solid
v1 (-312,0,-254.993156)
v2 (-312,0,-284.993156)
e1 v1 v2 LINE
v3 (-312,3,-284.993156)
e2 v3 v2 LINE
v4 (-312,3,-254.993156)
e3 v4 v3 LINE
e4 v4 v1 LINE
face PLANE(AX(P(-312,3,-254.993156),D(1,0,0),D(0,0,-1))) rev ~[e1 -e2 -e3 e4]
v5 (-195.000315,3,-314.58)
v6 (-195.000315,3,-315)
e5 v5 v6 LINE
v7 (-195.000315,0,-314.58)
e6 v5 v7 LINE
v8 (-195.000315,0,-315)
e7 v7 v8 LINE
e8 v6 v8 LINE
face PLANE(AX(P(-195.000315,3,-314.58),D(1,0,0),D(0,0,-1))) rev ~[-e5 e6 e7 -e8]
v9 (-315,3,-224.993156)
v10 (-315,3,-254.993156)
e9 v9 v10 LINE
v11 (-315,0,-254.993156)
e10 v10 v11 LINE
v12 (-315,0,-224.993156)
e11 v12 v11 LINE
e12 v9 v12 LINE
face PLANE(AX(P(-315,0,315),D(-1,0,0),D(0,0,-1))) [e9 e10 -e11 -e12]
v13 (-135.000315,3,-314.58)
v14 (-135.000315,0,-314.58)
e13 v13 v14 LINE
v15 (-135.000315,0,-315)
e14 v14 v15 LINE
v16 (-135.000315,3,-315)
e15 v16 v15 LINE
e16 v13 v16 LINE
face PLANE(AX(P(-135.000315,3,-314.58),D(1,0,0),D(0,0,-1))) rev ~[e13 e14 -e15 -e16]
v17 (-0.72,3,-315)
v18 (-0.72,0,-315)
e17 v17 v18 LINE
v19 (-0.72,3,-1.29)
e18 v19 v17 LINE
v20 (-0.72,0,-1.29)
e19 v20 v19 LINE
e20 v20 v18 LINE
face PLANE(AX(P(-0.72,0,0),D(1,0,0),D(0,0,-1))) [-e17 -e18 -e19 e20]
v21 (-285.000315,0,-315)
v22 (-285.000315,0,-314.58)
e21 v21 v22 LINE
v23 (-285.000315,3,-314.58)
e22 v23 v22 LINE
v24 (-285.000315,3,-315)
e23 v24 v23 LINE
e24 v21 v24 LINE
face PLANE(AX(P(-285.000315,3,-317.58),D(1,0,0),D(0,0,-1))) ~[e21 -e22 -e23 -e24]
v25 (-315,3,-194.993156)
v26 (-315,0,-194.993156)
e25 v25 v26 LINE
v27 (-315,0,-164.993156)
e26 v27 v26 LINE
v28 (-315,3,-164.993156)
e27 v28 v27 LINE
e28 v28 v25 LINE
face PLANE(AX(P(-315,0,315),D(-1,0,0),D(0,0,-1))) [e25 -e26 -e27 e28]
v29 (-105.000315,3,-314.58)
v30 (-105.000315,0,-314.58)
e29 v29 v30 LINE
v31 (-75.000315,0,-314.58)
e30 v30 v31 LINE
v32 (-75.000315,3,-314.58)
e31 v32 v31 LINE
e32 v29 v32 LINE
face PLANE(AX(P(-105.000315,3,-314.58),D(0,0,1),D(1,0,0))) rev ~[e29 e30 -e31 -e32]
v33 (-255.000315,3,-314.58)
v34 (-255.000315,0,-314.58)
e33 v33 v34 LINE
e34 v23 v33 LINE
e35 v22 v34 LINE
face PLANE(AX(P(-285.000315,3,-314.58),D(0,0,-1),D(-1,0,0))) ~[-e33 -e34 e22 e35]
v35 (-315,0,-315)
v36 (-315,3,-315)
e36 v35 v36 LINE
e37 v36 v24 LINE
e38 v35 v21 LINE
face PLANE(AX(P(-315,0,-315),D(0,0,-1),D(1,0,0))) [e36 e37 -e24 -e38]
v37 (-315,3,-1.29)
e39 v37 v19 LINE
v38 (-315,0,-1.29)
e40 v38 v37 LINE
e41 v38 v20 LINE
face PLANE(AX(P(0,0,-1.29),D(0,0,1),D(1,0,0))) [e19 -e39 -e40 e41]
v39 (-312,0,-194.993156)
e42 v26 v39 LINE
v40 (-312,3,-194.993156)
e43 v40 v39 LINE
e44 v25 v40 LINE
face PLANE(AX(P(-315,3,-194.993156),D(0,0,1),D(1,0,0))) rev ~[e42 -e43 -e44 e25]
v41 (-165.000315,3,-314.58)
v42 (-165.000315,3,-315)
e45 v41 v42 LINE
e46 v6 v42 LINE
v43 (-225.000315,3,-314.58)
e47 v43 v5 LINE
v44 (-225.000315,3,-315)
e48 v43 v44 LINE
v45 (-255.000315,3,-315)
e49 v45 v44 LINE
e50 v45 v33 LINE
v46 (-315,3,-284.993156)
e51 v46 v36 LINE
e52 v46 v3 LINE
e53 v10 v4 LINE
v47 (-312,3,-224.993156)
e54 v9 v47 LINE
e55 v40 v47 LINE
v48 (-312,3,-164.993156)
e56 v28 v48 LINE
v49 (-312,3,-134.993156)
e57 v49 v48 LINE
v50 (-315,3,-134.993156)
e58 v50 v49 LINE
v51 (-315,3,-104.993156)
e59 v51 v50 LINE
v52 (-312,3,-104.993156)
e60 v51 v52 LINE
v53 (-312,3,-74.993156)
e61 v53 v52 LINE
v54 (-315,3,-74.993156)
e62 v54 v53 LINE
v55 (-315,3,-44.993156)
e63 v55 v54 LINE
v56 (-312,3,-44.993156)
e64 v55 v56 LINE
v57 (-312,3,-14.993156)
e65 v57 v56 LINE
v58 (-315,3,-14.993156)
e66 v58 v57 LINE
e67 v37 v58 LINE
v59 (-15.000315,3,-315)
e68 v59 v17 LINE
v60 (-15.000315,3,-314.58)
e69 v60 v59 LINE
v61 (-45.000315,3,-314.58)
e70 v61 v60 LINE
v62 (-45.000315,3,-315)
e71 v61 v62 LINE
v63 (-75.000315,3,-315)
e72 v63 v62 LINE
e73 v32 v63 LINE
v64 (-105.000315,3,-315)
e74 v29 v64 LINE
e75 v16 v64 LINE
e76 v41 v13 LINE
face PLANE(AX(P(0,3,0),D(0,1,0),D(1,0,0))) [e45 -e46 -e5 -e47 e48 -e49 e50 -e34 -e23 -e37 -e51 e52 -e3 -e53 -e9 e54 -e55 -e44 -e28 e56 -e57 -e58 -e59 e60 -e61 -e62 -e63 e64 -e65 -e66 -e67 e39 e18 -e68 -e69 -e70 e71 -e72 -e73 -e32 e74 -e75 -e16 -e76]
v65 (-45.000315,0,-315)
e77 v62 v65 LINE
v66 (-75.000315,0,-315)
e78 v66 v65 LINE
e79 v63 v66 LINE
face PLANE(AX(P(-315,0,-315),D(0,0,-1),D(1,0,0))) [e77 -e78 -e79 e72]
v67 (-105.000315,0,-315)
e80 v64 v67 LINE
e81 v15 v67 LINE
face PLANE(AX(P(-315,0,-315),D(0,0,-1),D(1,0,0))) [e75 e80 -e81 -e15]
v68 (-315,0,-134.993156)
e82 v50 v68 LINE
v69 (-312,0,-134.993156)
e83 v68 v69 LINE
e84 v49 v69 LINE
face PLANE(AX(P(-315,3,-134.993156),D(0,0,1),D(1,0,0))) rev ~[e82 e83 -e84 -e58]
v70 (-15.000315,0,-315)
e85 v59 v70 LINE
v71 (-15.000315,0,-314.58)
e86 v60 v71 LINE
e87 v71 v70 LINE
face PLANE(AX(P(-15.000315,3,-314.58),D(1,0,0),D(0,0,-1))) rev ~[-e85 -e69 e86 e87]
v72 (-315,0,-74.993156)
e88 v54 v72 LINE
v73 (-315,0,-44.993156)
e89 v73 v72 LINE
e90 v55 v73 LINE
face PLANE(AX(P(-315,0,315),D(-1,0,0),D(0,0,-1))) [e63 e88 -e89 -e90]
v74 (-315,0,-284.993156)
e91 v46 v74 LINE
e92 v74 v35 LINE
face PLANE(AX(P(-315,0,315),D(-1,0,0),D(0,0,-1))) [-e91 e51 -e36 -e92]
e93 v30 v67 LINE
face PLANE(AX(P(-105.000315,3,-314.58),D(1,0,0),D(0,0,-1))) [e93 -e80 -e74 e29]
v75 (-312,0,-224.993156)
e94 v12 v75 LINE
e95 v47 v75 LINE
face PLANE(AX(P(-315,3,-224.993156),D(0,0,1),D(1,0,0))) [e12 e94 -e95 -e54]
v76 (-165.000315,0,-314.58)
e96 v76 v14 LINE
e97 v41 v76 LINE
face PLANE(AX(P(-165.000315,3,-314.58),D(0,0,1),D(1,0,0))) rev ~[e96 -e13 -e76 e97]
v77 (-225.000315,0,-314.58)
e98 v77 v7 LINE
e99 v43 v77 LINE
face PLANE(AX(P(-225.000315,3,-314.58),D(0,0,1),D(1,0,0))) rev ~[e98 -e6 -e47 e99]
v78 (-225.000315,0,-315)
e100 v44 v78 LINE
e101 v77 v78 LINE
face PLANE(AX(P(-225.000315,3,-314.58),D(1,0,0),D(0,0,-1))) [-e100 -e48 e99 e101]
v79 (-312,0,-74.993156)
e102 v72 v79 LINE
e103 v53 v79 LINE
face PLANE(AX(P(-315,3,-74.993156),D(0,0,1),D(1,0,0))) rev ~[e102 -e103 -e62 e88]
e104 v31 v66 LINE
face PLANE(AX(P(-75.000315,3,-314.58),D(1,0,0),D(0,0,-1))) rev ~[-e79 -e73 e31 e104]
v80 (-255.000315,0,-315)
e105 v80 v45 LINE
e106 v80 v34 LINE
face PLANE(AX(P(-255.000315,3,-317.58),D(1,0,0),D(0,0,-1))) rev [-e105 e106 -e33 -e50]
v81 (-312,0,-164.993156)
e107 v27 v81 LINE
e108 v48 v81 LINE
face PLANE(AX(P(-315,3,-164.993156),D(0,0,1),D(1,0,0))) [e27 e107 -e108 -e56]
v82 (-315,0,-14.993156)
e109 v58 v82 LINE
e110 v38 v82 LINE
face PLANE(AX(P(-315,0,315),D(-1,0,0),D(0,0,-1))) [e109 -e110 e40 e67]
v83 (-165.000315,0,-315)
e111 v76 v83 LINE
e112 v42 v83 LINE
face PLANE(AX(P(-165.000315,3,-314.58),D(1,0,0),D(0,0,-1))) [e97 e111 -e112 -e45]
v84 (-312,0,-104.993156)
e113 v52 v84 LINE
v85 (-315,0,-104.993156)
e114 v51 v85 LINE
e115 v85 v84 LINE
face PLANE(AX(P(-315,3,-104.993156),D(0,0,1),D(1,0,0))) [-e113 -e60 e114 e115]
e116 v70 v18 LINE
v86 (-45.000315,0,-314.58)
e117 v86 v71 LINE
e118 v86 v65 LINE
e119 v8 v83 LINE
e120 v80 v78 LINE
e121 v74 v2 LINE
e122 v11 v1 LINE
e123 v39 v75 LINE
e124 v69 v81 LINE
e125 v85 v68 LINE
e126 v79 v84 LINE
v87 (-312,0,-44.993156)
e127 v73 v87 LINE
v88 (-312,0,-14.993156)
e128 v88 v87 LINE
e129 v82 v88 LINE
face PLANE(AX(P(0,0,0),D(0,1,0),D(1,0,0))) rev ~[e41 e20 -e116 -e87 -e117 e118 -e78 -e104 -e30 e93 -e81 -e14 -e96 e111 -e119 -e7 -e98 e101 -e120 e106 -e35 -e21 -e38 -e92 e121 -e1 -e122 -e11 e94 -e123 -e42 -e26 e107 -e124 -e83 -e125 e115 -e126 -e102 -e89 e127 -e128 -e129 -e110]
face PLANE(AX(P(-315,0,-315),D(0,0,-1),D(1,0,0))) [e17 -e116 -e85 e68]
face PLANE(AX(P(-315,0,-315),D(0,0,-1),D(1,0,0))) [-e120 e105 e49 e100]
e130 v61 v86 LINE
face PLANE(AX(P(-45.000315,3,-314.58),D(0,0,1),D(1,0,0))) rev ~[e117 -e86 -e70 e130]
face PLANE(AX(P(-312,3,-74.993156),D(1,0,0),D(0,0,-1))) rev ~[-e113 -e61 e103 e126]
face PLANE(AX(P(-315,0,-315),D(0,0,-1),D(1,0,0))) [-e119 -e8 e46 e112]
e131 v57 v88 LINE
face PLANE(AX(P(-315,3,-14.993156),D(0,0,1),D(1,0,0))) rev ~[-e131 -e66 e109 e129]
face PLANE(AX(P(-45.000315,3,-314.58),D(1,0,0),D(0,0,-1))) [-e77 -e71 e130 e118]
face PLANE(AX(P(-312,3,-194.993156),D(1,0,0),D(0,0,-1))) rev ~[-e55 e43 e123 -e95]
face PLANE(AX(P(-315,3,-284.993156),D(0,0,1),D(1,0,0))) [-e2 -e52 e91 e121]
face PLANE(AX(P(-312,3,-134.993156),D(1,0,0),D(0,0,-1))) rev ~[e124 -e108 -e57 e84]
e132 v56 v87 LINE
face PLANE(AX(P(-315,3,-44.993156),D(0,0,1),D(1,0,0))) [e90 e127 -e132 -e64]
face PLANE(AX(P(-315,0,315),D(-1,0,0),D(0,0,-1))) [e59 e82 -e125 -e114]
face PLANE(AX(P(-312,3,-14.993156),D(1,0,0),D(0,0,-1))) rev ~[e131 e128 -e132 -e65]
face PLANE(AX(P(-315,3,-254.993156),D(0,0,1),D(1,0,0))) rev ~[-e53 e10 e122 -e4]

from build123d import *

# Parameters (mm, degrees)
SKETCH1_W               = 630
SKETCH1_H               = 630
BOSS_EXTRUDE1_DEPTH     = 3
SKETCH3_W               = 3
SKETCH3_H               = 30
CUT_EXTRUDE2_DEPTH      = 3
LPATTERN2_COUNT         = 10
LPATTERN2_PITCH         = 60
MIRROR1_COPY_1_SKETCH_W = 3
MIRROR1_COPY_1_SKETCH_H = 30
MIRROR1_COPY_1_DEPTH    = 3
MIRROR1_COPY_2_SKETCH_W = 3
MIRROR1_COPY_2_SKETCH_H = 30
MIRROR1_COPY_2_DEPTH    = 3
MIRROR1_COPY_3_SKETCH_W = 3
MIRROR1_COPY_3_SKETCH_H = 30
MIRROR1_COPY_3_DEPTH    = 3
MIRROR1_COPY_4_SKETCH_W = 3
MIRROR1_COPY_4_SKETCH_H = 30
MIRROR1_COPY_4_DEPTH    = 3
MIRROR1_COPY_5_SKETCH_W = 3
MIRROR1_COPY_5_SKETCH_H = 30
MIRROR1_COPY_5_DEPTH    = 3
MIRROR1_COPY_6_SKETCH_W = 3
MIRROR1_COPY_6_SKETCH_H = 30
MIRROR1_COPY_6_DEPTH    = 3
MIRROR1_COPY_7_SKETCH_W = 3
MIRROR1_COPY_7_SKETCH_H = 30
MIRROR1_COPY_7_DEPTH    = 3
MIRROR1_COPY_8_SKETCH_W = 3
MIRROR1_COPY_8_SKETCH_H = 30
MIRROR1_COPY_8_DEPTH    = 3
MIRROR1_COPY_9_SKETCH_W = 3
MIRROR1_COPY_9_SKETCH_H = 30
MIRROR1_COPY_9_DEPTH    = 3
SKETCH5_W               = 30
SKETCH5_H               = 3
CUT_EXTRUDE3_DEPTH      = 3
LPATTERN3_COUNT         = 10
LPATTERN3_PITCH         = 60
MIRROR2_COPY_1_SKETCH_W = 30
MIRROR2_COPY_1_SKETCH_H = 3
MIRROR2_COPY_1_DEPTH    = 3
MIRROR2_COPY_2_SKETCH_W = 30
MIRROR2_COPY_2_SKETCH_H = 3
MIRROR2_COPY_2_DEPTH    = 3
MIRROR2_COPY_3_SKETCH_W = 30
MIRROR2_COPY_3_SKETCH_H = 3
MIRROR2_COPY_3_DEPTH    = 3
MIRROR2_COPY_4_SKETCH_W = 30
MIRROR2_COPY_4_SKETCH_H = 3
MIRROR2_COPY_4_DEPTH    = 3
MIRROR2_COPY_5_SKETCH_W = 30
MIRROR2_COPY_5_SKETCH_H = 3
MIRROR2_COPY_5_DEPTH    = 3
MIRROR2_COPY_6_SKETCH_W = 30
MIRROR2_COPY_6_SKETCH_H = 3
MIRROR2_COPY_6_DEPTH    = 3
MIRROR2_COPY_7_SKETCH_W = 30
MIRROR2_COPY_7_SKETCH_H = 3
MIRROR2_COPY_7_DEPTH    = 3
MIRROR2_COPY_8_SKETCH_W = 30
MIRROR2_COPY_8_SKETCH_H = 3
MIRROR2_COPY_8_DEPTH    = 3
MIRROR2_COPY_9_SKETCH_W = 30
MIRROR2_COPY_9_SKETCH_H = 3
MIRROR2_COPY_9_DEPTH    = 3


with BuildPart() as part:
    # Sketch1 → Boss-Extrude1 (new body)
    with BuildSketch(Plane(origin=(0, 0, 0), x_dir=(1, 0, 0), z_dir=(0, 1, 0))):
        Rectangle(SKETCH1_W, SKETCH1_H)
    extrude(amount=BOSS_EXTRUDE1_DEPTH)

    # Sketch3 → Cut-Extrude2 (cut)
    with BuildSketch(Plane(origin=(0, 3, 0), x_dir=(1, 0, 0), z_dir=(0, 1, 0))):
        with Locations((-313.5, -270.006843512)):
            Rectangle(SKETCH3_W, SKETCH3_H)
    cut_extrude2 = extrude(amount=-CUT_EXTRUDE2_DEPTH, mode=Mode.SUBTRACT)

    # LPattern2: Cut-Extrude2 ×10
    with Locations(*[(0, 0, -i * LPATTERN2_PITCH) for i in range(1, LPATTERN2_COUNT)]):
        add(cut_extrude2, mode=Mode.SUBTRACT)

    # Mirror1: Cut-Extrude2 across plane
    add(cut_extrude2.mirror(Plane(origin=(-0.72, 0, 0), x_dir=(0, 0, 1), z_dir=(1, 0, 0))), mode=Mode.SUBTRACT)

    # Mirror1 copy 1 sketch → Mirror1 copy 1 (cut)
    with BuildSketch(Plane(origin=(-1.44, 3, -60), x_dir=(-1, 0, 0), z_dir=(0, 1, 0))):
        with Locations((-313.5, 270.006843512)):
            Rectangle(MIRROR1_COPY_1_SKETCH_W, MIRROR1_COPY_1_SKETCH_H)
    extrude(amount=-MIRROR1_COPY_1_DEPTH, mode=Mode.SUBTRACT)

    # Mirror1 copy 2 sketch → Mirror1 copy 2 (cut)
    with BuildSketch(Plane(origin=(-1.44, 3, -120), x_dir=(-1, 0, 0), z_dir=(0, 1, 0))):
        with Locations((-313.5, 270.006843512)):
            Rectangle(MIRROR1_COPY_2_SKETCH_W, MIRROR1_COPY_2_SKETCH_H)
    extrude(amount=-MIRROR1_COPY_2_DEPTH, mode=Mode.SUBTRACT)

    # Mirror1 copy 3 sketch → Mirror1 copy 3 (cut)
    with BuildSketch(Plane(origin=(-1.44, 3, -180), x_dir=(-1, 0, 0), z_dir=(0, 1, 0))):
        with Locations((-313.5, 270.006843512)):
            Rectangle(MIRROR1_COPY_3_SKETCH_W, MIRROR1_COPY_3_SKETCH_H)
    extrude(amount=-MIRROR1_COPY_3_DEPTH, mode=Mode.SUBTRACT)

    # Mirror1 copy 4 sketch → Mirror1 copy 4 (cut)
    with BuildSketch(Plane(origin=(-1.44, 3, -240), x_dir=(-1, 0, 0), z_dir=(0, 1, 0))):
        with Locations((-313.5, 270.006843512)):
            Rectangle(MIRROR1_COPY_4_SKETCH_W, MIRROR1_COPY_4_SKETCH_H)
    extrude(amount=-MIRROR1_COPY_4_DEPTH, mode=Mode.SUBTRACT)

    # Mirror1 copy 5 sketch → Mirror1 copy 5 (cut)
    with BuildSketch(Plane(origin=(-1.44, 3, -300), x_dir=(-1, 0, 0), z_dir=(0, 1, 0))):
        with Locations((-313.5, 270.006843512)):
            Rectangle(MIRROR1_COPY_5_SKETCH_W, MIRROR1_COPY_5_SKETCH_H)
    extrude(amount=-MIRROR1_COPY_5_DEPTH, mode=Mode.SUBTRACT)

    # Mirror1 copy 6 sketch → Mirror1 copy 6 (cut)
    with BuildSketch(Plane(origin=(-1.44, 3, -360), x_dir=(-1, 0, 0), z_dir=(0, 1, 0))):
        with Locations((-313.5, 270.006843512)):
            Rectangle(MIRROR1_COPY_6_SKETCH_W, MIRROR1_COPY_6_SKETCH_H)
    extrude(amount=-MIRROR1_COPY_6_DEPTH, mode=Mode.SUBTRACT)

    # Mirror1 copy 7 sketch → Mirror1 copy 7 (cut)
    with BuildSketch(Plane(origin=(-1.44, 3, -420), x_dir=(-1, 0, 0), z_dir=(0, 1, 0))):
        with Locations((-313.5, 270.006843512)):
            Rectangle(MIRROR1_COPY_7_SKETCH_W, MIRROR1_COPY_7_SKETCH_H)
    extrude(amount=-MIRROR1_COPY_7_DEPTH, mode=Mode.SUBTRACT)

    # Mirror1 copy 8 sketch → Mirror1 copy 8 (cut)
    with BuildSketch(Plane(origin=(-1.44, 3, -480), x_dir=(-1, 0, 0), z_dir=(0, 1, 0))):
        with Locations((-313.5, 270.006843512)):
            Rectangle(MIRROR1_COPY_8_SKETCH_W, MIRROR1_COPY_8_SKETCH_H)
    extrude(amount=-MIRROR1_COPY_8_DEPTH, mode=Mode.SUBTRACT)

    # Mirror1 copy 9 sketch → Mirror1 copy 9 (cut)
    with BuildSketch(Plane(origin=(-1.44, 3, -540), x_dir=(-1, 0, 0), z_dir=(0, 1, 0))):
        with Locations((-313.5, 270.006843512)):
            Rectangle(MIRROR1_COPY_9_SKETCH_W, MIRROR1_COPY_9_SKETCH_H)
    extrude(amount=-MIRROR1_COPY_9_DEPTH, mode=Mode.SUBTRACT)

    # Sketch5 → Cut-Extrude3 (cut)
    with BuildSketch(Plane(origin=(0, 3, 0), x_dir=(1, 0, 0), z_dir=(0, 1, 0))):
        with Locations((-270.000314512, -313.5)):
            Rectangle(SKETCH5_W, SKETCH5_H)
    cut_extrude3 = extrude(amount=-CUT_EXTRUDE3_DEPTH, mode=Mode.SUBTRACT)

    # LPattern3: Cut-Extrude3 ×10
    with Locations(*[(i * LPATTERN3_PITCH, 0, 0) for i in range(1, LPATTERN3_COUNT)]):
        add(cut_extrude3, mode=Mode.SUBTRACT)

    # Mirror2: Cut-Extrude3 across plane
    add(cut_extrude3.mirror(Plane.XY.offset(-1.29)), mode=Mode.SUBTRACT)

    # Mirror2 copy 1 sketch → Mirror2 copy 1 (cut)
    with BuildSketch(Plane(origin=(60, 3, -2.58), x_dir=(1, 0, 0), z_dir=(0, 1, 0))):
        with Locations((-270.000314512, 313.5)):
            Rectangle(MIRROR2_COPY_1_SKETCH_W, MIRROR2_COPY_1_SKETCH_H)
    extrude(amount=-MIRROR2_COPY_1_DEPTH, mode=Mode.SUBTRACT)

    # Mirror2 copy 2 sketch → Mirror2 copy 2 (cut)
    with BuildSketch(Plane(origin=(120, 3, -2.58), x_dir=(1, 0, 0), z_dir=(0, 1, 0))):
        with Locations((-270.000314512, 313.5)):
            Rectangle(MIRROR2_COPY_2_SKETCH_W, MIRROR2_COPY_2_SKETCH_H)
    extrude(amount=-MIRROR2_COPY_2_DEPTH, mode=Mode.SUBTRACT)

    # Mirror2 copy 3 sketch → Mirror2 copy 3 (cut)
    with BuildSketch(Plane(origin=(180, 3, -2.58), x_dir=(1, 0, 0), z_dir=(0, 1, 0))):
        with Locations((-270.000314512, 313.5)):
            Rectangle(MIRROR2_COPY_3_SKETCH_W, MIRROR2_COPY_3_SKETCH_H)
    extrude(amount=-MIRROR2_COPY_3_DEPTH, mode=Mode.SUBTRACT)

    # Mirror2 copy 4 sketch → Mirror2 copy 4 (cut)
    with BuildSketch(Plane(origin=(240, 3, -2.58), x_dir=(1, 0, 0), z_dir=(0, 1, 0))):
        with Locations((-270.000314512, 313.5)):
            Rectangle(MIRROR2_COPY_4_SKETCH_W, MIRROR2_COPY_4_SKETCH_H)
    extrude(amount=-MIRROR2_COPY_4_DEPTH, mode=Mode.SUBTRACT)

    # Mirror2 copy 5 sketch → Mirror2 copy 5 (cut)
    with BuildSketch(Plane(origin=(300, 3, -2.58), x_dir=(1, 0, 0), z_dir=(0, 1, 0))):
        with Locations((-270.000314512, 313.5)):
            Rectangle(MIRROR2_COPY_5_SKETCH_W, MIRROR2_COPY_5_SKETCH_H)
    extrude(amount=-MIRROR2_COPY_5_DEPTH, mode=Mode.SUBTRACT)

    # Mirror2 copy 6 sketch → Mirror2 copy 6 (cut)
    with BuildSketch(Plane(origin=(360, 3, -2.58), x_dir=(1, 0, 0), z_dir=(0, 1, 0))):
        with Locations((-270.000314512, 313.5)):
            Rectangle(MIRROR2_COPY_6_SKETCH_W, MIRROR2_COPY_6_SKETCH_H)
    extrude(amount=-MIRROR2_COPY_6_DEPTH, mode=Mode.SUBTRACT)

    # Mirror2 copy 7 sketch → Mirror2 copy 7 (cut)
    with BuildSketch(Plane(origin=(420, 3, -2.58), x_dir=(1, 0, 0), z_dir=(0, 1, 0))):
        with Locations((-270.000314512, 313.5)):
            Rectangle(MIRROR2_COPY_7_SKETCH_W, MIRROR2_COPY_7_SKETCH_H)
    extrude(amount=-MIRROR2_COPY_7_DEPTH, mode=Mode.SUBTRACT)

    # Mirror2 copy 8 sketch → Mirror2 copy 8 (cut)
    with BuildSketch(Plane(origin=(480, 3, -2.58), x_dir=(1, 0, 0), z_dir=(0, 1, 0))):
        with Locations((-270.000314512, 313.5)):
            Rectangle(MIRROR2_COPY_8_SKETCH_W, MIRROR2_COPY_8_SKETCH_H)
    extrude(amount=-MIRROR2_COPY_8_DEPTH, mode=Mode.SUBTRACT)

    # Mirror2 copy 9 sketch → Mirror2 copy 9 (cut)
    with BuildSketch(Plane(origin=(540, 3, -2.58), x_dir=(1, 0, 0), z_dir=(0, 1, 0))):
        with Locations((-270.000314512, 313.5)):
            Rectangle(MIRROR2_COPY_9_SKETCH_W, MIRROR2_COPY_9_SKETCH_H)
    extrude(amount=-MIRROR2_COPY_9_DEPTH, mode=Mode.SUBTRACT)

    # SurfaceCut1
    split(bisect_by=Plane.XY.offset(-1.29), keep=Keep.BOTTOM)

    # SurfaceCut2
    split(bisect_by=Plane(origin=(-0.72, 0, 0), x_dir=(0, 0, -1), z_dir=(1, 0, 0)), keep=Keep.BOTTOM)


solid = part.part
